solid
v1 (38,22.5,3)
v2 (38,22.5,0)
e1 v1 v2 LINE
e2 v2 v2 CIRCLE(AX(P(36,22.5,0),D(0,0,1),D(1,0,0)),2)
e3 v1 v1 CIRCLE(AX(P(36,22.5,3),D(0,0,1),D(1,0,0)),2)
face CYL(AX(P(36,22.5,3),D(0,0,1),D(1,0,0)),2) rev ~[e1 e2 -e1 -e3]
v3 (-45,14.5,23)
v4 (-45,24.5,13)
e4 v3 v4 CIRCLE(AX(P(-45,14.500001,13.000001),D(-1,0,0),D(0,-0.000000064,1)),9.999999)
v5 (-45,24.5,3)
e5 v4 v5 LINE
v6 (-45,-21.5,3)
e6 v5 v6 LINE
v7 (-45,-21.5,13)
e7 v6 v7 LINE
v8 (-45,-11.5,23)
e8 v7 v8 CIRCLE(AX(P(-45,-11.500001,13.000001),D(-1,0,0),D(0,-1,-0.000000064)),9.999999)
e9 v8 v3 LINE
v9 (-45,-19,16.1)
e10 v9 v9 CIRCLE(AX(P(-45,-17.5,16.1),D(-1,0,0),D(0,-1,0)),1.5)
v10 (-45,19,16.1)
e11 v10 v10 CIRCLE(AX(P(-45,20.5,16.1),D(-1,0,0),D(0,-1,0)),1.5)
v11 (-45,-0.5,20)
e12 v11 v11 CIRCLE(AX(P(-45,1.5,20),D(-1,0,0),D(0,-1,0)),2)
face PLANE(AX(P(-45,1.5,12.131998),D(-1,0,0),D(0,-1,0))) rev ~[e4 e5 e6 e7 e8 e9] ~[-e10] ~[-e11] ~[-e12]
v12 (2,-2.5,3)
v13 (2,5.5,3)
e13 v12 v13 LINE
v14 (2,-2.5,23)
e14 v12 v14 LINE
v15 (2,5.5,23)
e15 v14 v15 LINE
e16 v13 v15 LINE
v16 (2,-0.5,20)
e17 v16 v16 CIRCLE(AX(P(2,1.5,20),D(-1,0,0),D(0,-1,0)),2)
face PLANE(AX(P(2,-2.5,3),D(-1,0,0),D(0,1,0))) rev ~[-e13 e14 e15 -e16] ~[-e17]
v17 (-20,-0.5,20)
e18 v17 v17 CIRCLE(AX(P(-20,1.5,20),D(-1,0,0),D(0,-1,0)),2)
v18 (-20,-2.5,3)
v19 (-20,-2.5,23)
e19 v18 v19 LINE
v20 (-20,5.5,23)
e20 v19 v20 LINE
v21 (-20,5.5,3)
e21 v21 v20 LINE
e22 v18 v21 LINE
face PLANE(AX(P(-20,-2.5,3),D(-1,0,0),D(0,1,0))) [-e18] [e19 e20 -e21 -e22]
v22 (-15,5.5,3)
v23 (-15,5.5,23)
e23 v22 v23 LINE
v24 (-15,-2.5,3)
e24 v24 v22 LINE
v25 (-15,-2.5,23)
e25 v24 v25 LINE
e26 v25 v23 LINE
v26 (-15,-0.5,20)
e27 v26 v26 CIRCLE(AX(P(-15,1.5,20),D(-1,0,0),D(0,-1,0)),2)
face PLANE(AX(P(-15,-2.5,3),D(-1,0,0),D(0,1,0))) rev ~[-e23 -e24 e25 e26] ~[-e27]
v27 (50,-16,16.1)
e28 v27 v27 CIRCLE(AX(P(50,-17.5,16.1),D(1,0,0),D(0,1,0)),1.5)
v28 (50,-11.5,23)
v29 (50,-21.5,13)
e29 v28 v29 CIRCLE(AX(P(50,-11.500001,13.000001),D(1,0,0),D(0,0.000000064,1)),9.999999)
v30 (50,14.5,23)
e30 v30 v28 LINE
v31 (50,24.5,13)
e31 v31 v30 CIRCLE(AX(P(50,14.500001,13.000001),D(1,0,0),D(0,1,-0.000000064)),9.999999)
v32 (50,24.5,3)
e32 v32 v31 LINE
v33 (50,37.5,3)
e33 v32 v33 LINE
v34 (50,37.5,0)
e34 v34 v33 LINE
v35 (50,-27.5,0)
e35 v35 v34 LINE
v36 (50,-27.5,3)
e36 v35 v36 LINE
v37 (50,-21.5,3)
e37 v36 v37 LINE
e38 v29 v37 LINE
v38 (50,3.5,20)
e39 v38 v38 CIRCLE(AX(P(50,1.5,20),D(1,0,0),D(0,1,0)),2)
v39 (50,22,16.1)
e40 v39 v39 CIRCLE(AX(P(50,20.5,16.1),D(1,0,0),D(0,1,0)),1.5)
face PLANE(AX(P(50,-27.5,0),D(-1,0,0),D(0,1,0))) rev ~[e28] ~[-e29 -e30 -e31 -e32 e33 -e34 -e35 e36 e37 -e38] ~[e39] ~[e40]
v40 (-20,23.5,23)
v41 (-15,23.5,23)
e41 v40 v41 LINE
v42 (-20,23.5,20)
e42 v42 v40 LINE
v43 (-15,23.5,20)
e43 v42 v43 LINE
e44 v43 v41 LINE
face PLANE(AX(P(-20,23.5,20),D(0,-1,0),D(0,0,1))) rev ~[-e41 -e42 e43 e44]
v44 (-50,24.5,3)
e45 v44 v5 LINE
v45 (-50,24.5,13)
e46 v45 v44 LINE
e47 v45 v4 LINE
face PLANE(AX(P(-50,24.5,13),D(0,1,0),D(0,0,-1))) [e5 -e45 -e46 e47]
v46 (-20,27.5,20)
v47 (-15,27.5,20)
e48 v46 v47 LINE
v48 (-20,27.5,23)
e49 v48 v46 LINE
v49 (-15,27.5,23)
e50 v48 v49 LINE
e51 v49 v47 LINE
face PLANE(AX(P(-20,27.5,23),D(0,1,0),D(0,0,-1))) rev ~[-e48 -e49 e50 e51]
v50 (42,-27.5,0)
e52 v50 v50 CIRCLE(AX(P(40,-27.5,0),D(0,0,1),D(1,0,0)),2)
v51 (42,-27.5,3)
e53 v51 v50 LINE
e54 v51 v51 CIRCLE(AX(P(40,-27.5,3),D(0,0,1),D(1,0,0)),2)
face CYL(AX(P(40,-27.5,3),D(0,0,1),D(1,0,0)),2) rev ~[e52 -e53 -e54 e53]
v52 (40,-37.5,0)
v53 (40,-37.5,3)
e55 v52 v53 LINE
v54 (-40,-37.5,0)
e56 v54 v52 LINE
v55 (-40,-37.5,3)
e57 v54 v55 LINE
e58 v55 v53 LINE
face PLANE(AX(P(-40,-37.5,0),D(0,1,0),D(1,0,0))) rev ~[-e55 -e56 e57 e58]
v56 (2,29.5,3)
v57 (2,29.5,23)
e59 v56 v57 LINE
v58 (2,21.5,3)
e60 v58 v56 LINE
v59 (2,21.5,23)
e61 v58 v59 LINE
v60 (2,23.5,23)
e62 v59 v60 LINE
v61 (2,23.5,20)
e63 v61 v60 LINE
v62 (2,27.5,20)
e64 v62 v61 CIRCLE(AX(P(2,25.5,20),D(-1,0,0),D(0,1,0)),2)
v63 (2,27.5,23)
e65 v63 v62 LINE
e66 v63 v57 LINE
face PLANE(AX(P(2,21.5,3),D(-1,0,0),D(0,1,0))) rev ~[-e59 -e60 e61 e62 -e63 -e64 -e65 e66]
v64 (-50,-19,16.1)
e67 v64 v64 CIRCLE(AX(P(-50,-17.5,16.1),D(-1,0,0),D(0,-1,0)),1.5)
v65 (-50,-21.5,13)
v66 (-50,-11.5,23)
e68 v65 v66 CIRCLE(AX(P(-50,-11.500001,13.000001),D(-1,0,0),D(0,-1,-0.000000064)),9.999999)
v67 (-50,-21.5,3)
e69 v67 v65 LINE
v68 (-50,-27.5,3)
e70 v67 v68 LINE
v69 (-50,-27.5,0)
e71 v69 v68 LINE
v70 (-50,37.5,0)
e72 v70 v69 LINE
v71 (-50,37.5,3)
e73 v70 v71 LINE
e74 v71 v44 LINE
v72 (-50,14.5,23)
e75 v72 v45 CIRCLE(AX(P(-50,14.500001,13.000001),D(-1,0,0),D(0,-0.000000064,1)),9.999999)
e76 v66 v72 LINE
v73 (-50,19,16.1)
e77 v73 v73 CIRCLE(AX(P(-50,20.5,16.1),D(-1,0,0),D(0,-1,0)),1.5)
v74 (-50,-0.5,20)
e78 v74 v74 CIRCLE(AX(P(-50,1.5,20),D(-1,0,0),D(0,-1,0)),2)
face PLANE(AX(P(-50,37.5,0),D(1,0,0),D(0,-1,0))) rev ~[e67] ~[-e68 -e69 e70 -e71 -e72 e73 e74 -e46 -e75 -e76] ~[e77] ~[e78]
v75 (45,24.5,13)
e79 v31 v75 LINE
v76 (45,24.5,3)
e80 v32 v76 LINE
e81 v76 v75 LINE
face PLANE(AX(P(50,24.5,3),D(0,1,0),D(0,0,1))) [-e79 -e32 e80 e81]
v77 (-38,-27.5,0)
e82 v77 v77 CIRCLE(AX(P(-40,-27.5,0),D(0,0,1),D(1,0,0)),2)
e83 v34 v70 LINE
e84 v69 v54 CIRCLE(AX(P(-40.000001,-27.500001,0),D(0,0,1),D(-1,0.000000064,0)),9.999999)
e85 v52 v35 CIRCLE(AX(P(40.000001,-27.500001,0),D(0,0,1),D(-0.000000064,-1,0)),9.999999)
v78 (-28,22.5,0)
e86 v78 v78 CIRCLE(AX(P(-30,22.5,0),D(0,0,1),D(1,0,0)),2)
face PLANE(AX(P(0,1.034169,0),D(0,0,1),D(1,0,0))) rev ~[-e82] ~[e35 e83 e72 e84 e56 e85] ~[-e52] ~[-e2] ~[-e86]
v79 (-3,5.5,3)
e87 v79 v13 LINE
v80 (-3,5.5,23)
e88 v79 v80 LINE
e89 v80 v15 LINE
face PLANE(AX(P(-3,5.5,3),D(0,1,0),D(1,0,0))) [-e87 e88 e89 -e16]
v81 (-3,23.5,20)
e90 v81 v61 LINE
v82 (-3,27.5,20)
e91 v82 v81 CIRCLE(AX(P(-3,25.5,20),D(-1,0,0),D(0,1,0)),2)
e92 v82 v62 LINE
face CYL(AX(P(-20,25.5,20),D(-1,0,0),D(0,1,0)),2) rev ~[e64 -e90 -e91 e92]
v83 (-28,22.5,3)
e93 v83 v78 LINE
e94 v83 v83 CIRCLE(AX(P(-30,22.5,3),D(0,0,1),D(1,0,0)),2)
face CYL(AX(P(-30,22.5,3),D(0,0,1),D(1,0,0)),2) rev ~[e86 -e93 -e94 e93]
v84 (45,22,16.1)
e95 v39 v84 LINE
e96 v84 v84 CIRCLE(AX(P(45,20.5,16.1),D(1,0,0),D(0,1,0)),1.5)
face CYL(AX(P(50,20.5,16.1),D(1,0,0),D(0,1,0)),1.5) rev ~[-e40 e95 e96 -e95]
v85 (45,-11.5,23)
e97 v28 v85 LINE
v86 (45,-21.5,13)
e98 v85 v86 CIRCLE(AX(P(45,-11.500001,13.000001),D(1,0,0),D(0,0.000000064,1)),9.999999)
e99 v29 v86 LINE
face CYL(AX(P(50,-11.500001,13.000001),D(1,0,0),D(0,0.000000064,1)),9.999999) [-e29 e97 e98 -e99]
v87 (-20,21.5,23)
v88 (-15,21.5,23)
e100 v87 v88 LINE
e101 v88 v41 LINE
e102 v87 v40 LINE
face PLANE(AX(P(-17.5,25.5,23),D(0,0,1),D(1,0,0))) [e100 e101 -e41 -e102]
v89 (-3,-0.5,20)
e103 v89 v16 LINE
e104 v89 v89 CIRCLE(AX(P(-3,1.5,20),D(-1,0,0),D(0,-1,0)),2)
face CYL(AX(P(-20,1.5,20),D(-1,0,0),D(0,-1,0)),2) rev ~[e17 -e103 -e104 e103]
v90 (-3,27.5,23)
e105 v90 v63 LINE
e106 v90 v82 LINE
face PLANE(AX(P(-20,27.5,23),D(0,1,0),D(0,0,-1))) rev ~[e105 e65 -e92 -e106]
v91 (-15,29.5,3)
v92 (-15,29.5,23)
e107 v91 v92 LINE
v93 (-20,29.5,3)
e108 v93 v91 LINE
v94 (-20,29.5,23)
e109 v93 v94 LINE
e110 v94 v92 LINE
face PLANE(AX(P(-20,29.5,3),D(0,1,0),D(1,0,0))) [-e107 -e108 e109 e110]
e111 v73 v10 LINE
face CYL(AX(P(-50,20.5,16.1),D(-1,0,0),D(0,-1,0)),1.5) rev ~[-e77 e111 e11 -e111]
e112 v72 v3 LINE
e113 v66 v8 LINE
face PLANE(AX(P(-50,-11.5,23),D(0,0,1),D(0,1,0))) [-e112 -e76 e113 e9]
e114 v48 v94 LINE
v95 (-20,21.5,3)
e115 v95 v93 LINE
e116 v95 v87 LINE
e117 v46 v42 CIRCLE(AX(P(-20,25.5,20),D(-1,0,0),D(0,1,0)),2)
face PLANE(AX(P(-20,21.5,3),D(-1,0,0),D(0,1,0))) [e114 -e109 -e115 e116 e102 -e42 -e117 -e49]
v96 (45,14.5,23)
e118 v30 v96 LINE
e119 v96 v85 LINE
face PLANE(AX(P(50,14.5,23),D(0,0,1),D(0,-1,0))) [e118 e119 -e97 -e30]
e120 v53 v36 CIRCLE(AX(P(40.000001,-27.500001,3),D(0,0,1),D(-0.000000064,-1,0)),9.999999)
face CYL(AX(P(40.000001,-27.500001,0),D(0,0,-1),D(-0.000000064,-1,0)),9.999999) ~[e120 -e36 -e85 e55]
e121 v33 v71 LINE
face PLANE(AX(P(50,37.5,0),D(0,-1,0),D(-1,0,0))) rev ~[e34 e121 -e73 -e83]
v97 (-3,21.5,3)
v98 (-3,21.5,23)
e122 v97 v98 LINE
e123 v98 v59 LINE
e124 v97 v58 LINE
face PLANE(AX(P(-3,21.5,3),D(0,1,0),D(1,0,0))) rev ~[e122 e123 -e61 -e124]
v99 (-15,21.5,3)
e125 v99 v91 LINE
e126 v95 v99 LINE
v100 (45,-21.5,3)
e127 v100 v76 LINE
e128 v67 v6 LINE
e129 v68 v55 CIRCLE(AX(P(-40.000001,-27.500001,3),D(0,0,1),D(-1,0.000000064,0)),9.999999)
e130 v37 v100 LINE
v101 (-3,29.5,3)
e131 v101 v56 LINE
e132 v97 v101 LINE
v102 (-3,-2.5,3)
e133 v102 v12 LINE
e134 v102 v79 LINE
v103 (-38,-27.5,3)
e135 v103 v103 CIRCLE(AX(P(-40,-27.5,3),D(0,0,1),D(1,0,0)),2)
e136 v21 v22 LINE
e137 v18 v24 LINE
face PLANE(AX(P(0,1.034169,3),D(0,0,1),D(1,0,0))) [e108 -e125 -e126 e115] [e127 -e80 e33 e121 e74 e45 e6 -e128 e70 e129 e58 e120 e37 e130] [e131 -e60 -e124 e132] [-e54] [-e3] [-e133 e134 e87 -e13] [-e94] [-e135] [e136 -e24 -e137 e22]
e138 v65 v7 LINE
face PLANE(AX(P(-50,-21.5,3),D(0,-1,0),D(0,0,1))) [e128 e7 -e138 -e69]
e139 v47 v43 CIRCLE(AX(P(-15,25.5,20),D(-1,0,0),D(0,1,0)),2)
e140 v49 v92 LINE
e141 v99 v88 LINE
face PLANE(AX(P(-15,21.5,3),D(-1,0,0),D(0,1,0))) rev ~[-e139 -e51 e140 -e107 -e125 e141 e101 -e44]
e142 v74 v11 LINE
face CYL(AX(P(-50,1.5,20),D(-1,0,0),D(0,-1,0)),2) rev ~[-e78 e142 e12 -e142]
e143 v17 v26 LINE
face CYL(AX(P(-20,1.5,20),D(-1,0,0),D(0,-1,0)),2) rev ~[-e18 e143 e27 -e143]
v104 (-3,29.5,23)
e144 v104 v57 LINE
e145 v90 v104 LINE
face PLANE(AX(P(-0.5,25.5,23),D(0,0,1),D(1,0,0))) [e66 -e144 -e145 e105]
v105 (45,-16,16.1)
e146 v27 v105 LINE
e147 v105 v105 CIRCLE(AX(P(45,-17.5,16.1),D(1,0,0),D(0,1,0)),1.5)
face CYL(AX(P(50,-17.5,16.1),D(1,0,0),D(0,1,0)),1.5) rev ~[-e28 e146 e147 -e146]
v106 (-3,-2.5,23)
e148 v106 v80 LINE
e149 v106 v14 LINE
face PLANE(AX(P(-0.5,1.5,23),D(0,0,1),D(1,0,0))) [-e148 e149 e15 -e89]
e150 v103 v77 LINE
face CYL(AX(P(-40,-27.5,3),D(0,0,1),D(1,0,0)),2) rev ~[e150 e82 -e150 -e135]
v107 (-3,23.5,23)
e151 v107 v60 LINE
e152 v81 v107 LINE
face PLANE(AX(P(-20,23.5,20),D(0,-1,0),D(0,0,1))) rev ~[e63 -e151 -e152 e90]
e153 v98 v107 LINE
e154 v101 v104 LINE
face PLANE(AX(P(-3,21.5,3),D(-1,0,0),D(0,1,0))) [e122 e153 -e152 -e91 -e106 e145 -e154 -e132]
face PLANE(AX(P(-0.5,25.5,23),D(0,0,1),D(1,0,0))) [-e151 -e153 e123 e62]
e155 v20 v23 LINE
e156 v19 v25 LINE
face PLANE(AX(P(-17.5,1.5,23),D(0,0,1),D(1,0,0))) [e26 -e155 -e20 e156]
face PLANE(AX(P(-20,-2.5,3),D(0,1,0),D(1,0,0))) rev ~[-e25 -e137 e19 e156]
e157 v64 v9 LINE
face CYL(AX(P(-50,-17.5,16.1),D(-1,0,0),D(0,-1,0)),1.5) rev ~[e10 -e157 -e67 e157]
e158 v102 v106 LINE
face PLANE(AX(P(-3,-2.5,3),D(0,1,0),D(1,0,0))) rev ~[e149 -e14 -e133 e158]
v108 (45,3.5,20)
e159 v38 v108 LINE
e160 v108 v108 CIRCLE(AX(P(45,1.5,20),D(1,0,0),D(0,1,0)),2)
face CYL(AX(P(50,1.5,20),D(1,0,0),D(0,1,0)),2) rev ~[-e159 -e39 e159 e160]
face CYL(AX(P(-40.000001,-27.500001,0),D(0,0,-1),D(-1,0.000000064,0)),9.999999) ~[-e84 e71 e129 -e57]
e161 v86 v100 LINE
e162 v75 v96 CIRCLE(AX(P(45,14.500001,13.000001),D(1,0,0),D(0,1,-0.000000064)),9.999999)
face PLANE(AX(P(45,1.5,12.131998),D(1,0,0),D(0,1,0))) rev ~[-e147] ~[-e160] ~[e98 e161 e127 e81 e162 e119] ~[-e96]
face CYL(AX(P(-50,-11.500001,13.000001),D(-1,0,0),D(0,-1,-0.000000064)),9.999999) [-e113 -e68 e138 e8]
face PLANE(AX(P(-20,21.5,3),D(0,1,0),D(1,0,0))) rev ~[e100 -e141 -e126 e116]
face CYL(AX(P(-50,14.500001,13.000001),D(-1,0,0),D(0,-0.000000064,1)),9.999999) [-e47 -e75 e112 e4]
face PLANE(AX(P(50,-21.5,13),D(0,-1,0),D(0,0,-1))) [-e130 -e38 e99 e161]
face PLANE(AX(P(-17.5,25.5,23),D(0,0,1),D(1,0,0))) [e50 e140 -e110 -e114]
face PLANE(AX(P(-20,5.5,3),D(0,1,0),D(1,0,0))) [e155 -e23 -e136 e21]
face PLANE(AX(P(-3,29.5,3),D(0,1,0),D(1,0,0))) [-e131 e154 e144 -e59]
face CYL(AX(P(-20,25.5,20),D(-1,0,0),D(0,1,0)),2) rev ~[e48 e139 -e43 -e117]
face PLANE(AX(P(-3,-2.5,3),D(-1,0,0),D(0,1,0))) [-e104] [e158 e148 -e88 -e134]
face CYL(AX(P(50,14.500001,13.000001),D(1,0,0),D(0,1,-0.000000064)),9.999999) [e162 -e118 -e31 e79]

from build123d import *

# Parameters (mm, degrees)
F1_DEPTH  = 3
F2_R      = 1.5
F2_R_2    = 2
F3_DEPTH  = 5
F4_R      = 1.5
F4_R_2    = 2
F5_DEPTH  = 5
F6_R      = 2
F7_DEPTH  = 25.4
F8_W      = 5
F8_H      = 8
F9_DEPTH  = 20
F10_R     = 2
F11_DEPTH = 25.4
F13_DEPTH = 25.4


with BuildPart() as f1:
    # F0 (on Top) → F1 (new body)
    with BuildSketch(Plane.XY):
        with BuildLine():
            Line((50, -27.5), (50, 37.5))
            Line((50, 37.5), (-50, 37.5))
            Line((-50, 37.5), (-50, -27.5))
            ThreePointArc((-50, -27.5), (-47.071068, -34.571068), (-40, -37.5))
            Line((-40, -37.5), (40, -37.5))
            ThreePointArc((40, -37.5), (47.071068, -34.571068), (50, -27.5))
        make_face()
    extrude(amount=F1_DEPTH)

    # F2 (on face) → F3 (join)
    with BuildSketch(Plane.YZ.offset(50)):
        with BuildLine():
            Line((-21.5, 13), (-21.5, 3))
            Line((-21.5, 3), (24.5, 3))
            Line((24.5, 3), (24.5, 13))
            ThreePointArc((24.5, 13), (21.571068, 20.071068), (14.5, 23))
            Line((14.5, 23), (-11.5, 23))
            ThreePointArc((-11.5, 23), (-18.571068, 20.071068), (-21.5, 13))
        make_face()
        with Locations((-17.5, 16.1)):
            Circle(F2_R, mode=Mode.SUBTRACT)
        with Locations((20.5, 16.1)):
            Circle(F2_R, mode=Mode.SUBTRACT)
        with Locations((1.5, 20)):
            Circle(F2_R_2, mode=Mode.SUBTRACT)
    extrude(amount=-F3_DEPTH)

    # F4 (on face) → F5 (join)
    with BuildSketch(Plane(origin=(-50, 0, 0), x_dir=(0, -1, 0), z_dir=(-1, 0, 0))):
        with BuildLine():
            ThreePointArc((21.5, 13), (18.571068, 20.071068), (11.5, 23))
            Line((11.5, 23), (-14.5, 23))
            ThreePointArc((-14.5, 23), (-21.571068, 20.071068), (-24.5, 13))
            Line((-24.5, 13), (-24.5, 3))
            Line((-24.5, 3), (21.5, 3))
            Line((21.5, 3), (21.5, 13))
        make_face()
        with Locations((-20.5, 16.1)):
            Circle(F4_R, mode=Mode.SUBTRACT)
        with Locations((17.5, 16.1)):
            Circle(F4_R, mode=Mode.SUBTRACT)
        with Locations((-1.5, 20)):
            Circle(F4_R_2, mode=Mode.SUBTRACT)
    extrude(amount=-F5_DEPTH)

    # F6 (on face) → F7 (cut)
    with BuildSketch(Plane.XY.offset(3)):
        with Locations((-30, 22.5)):
            Circle(F6_R)
        with Locations((-40, -27.5)):
            Circle(F6_R)
        with Locations((40, -27.5)):
            Circle(F6_R)
        with Locations((36, 22.5)):
            Circle(F6_R)
    extrude(amount=-F7_DEPTH, mode=Mode.SUBTRACT)

    # F8 (on face) → F9 (join)
    with BuildSketch(Plane.XY.offset(3)):
        with Locations((-17.5, 25.5)):
            Rectangle(F8_W, F8_H)
        with Locations((-0.5, 25.5)):
            Rectangle(F8_W, F8_H)
        with Locations((-17.5, 1.5)):
            Rectangle(F8_W, F8_H)
        with Locations((-0.5, 1.5)):
            Rectangle(F8_W, F8_H)
    extrude(amount=F9_DEPTH)

    # F10 (on face) → F11 (cut)
    with BuildSketch(Plane(origin=(-20, 0, 0), x_dir=(0, -1, 0), z_dir=(-1, 0, 0))):
        with Locations((-1.5, 20)):
            Circle(F10_R)
    extrude(amount=-F11_DEPTH, mode=Mode.SUBTRACT)

    # F12 (on face) → F13 (cut)
    with BuildSketch(Plane(origin=(-20, 0, 0), x_dir=(0, -1, 0), z_dir=(-1, 0, 0))):
        with BuildLine():
            Line((-27.5, 23), (-27.5, 20))
            ThreePointArc((-27.5, 20), (-25.5, 18), (-23.5, 20))
            Line((-23.5, 20), (-23.5, 23))
            Line((-23.5, 23), (-27.5, 23))
        make_face()
    extrude(amount=-F13_DEPTH, mode=Mode.SUBTRACT)


solid = f1.part
